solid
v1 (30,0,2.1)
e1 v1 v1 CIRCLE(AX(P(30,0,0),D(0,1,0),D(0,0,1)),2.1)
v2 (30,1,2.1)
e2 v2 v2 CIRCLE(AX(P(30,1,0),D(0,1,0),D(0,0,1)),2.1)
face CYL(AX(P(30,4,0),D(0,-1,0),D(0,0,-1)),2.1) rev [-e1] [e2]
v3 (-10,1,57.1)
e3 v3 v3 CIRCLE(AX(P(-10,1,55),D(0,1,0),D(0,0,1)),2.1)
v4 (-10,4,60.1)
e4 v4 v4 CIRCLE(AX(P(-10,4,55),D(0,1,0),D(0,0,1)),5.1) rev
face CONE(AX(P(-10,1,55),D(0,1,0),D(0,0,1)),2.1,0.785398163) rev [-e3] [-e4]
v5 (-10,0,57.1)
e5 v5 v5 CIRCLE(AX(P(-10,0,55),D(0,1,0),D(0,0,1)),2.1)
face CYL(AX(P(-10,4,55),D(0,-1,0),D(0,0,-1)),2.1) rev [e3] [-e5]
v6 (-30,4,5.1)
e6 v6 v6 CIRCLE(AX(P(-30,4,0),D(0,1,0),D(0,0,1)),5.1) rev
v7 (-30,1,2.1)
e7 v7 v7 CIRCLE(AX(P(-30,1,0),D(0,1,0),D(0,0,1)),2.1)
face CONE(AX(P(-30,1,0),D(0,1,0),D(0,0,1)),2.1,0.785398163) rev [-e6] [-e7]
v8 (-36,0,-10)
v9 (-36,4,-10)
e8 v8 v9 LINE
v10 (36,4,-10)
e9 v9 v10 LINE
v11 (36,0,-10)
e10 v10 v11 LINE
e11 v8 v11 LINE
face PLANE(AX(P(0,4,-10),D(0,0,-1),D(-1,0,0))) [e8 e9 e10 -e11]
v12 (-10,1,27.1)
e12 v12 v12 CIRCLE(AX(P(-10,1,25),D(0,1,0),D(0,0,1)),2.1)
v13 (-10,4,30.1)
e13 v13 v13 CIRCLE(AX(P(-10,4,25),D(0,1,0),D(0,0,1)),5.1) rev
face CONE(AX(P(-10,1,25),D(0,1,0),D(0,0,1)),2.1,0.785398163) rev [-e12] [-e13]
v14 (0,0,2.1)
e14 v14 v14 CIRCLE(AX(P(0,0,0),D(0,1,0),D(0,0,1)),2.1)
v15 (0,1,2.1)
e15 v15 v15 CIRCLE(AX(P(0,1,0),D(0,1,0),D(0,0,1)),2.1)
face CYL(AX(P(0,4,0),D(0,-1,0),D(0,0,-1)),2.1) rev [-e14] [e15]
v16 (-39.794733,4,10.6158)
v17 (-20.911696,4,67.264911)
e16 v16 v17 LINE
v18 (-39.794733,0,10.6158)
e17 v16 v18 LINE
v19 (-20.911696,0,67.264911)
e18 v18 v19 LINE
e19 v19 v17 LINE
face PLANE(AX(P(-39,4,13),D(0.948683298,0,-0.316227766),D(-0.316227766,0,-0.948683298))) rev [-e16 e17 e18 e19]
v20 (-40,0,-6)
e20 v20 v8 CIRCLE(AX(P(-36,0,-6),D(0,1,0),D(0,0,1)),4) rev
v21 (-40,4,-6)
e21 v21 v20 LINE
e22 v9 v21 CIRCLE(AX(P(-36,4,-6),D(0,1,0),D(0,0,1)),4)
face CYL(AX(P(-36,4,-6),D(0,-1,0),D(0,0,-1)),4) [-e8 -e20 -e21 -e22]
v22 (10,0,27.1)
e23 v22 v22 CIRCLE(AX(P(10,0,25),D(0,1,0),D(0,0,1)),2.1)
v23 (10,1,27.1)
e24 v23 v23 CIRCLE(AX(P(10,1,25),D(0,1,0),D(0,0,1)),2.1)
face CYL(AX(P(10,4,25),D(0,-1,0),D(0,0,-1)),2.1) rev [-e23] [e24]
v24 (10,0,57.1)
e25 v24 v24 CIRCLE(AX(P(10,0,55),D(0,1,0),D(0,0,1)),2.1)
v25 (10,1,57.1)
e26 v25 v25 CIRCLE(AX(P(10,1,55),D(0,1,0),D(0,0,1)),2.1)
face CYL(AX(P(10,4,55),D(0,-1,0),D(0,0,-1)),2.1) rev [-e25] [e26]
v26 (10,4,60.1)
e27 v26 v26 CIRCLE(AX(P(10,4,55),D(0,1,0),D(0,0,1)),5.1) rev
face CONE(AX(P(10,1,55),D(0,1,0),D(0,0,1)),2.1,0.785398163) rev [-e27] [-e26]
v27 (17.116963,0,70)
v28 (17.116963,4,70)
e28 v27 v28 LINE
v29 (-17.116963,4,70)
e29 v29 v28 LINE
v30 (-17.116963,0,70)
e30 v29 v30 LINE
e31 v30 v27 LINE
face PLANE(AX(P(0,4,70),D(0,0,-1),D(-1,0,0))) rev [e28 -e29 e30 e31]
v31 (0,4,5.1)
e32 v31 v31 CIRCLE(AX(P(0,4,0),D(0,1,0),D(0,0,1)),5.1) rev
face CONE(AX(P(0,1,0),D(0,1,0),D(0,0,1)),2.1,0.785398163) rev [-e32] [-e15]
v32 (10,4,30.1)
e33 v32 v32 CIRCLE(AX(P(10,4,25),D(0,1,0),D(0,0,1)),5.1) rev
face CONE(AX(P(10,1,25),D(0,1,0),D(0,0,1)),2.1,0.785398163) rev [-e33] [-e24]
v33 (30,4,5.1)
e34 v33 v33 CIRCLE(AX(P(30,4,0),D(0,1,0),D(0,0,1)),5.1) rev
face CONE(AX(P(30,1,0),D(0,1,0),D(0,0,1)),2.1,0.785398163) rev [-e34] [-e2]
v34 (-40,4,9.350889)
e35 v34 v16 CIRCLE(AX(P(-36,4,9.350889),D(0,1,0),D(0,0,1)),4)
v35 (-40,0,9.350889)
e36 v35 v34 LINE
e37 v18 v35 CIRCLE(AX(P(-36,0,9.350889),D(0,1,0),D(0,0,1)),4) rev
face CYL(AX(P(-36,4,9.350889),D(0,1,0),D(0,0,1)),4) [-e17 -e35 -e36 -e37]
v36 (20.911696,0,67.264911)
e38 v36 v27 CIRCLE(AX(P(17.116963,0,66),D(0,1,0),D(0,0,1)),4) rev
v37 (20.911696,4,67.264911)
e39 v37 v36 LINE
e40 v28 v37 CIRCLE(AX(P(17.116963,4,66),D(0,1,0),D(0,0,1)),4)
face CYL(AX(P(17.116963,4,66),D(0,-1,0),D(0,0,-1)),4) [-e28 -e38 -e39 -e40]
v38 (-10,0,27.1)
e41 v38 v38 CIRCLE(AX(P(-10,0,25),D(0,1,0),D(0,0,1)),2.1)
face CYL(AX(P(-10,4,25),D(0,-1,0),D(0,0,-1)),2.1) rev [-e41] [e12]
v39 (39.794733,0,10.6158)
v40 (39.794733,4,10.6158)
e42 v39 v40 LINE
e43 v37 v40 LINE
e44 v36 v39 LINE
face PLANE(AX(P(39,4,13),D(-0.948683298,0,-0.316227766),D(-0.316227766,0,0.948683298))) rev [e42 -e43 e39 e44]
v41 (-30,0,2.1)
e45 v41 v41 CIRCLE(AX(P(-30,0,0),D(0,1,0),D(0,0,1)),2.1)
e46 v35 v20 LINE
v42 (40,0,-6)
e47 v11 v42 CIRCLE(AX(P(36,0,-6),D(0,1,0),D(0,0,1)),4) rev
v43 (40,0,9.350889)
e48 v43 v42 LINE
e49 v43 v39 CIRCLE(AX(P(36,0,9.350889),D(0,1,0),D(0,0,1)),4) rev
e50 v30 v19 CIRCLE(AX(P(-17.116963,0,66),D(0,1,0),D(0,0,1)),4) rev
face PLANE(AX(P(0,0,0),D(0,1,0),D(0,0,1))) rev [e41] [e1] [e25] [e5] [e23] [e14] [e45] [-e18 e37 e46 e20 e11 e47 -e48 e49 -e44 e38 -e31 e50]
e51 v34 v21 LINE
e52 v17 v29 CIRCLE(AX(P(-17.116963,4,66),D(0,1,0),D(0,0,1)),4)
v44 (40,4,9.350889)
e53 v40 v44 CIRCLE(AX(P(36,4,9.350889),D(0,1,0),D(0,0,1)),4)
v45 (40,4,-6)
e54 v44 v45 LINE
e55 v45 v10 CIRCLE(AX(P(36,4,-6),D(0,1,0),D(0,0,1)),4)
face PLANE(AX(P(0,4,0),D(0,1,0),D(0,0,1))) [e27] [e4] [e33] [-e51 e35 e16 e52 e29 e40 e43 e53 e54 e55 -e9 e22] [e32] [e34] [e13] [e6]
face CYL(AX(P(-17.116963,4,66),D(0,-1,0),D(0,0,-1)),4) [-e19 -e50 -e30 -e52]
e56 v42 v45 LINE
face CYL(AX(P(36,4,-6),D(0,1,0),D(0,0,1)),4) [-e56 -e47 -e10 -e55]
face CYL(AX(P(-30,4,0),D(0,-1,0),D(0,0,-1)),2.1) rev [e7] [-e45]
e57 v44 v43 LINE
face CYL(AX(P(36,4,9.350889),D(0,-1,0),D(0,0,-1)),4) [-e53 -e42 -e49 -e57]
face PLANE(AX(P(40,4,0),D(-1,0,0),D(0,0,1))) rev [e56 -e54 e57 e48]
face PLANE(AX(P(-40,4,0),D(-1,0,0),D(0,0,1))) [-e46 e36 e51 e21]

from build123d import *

# Parameters (mm, degrees)
SKETCH1_W           = 40
SKETCH1_H           = 60
SKETCH1_R           = 2.1
SKETCH1_W_2         = 80
SKETCH1_H_2         = 20
BOSS_EXTRUDE1_DEPTH = 4
CHAMFER1_SIZE       = 3
FILLET1_R           = 4


with BuildPart() as part:
    # Sketch1 → Boss-Extrude1 (new body)
    with BuildSketch(Plane(origin=(0, 0, 0), x_dir=(1, 0, 0), z_dir=(0, 1, 0))):
        with Locations((0, -40)):
            Rectangle(SKETCH1_W, SKETCH1_H)
        with Locations((-10, -55)):
            Circle(SKETCH1_R, mode=Mode.SUBTRACT)
        with Locations((10, -55)):
            Circle(SKETCH1_R, mode=Mode.SUBTRACT)
        with Locations((-10, -25)):
            Circle(SKETCH1_R, mode=Mode.SUBTRACT)
        with Locations((10, -25)):
            Circle(SKETCH1_R, mode=Mode.SUBTRACT)
        Polygon((-20, -10), (-40, -10), (-20, -70), align=None)
        Polygon((40, -10), (20, -10), (20, -70), align=None)
        Rectangle(SKETCH1_W_2, SKETCH1_H_2)
        Circle(SKETCH1_R, mode=Mode.SUBTRACT)
        with Locations((30, 0)):
            Circle(SKETCH1_R, mode=Mode.SUBTRACT)
        with Locations((-30, 0)):
            Circle(SKETCH1_R, mode=Mode.SUBTRACT)
    extrude(amount=BOSS_EXTRUDE1_DEPTH)

    # Chamfer1
    chamfer1_edges = [part.edges().sort_by_distance(p)[0] for p in [
        (-12.1, 4, 55),
        (7.9, 4, 55),
        (7.9, 4, 25),
        (-12.1, 4, 25),
        (-2.1, 4, 0),
        (27.9, 4, 0),
        (-32.1, 4, 0),
    ]]
    chamfer(chamfer1_edges, length=CHAMFER1_SIZE)

    # Fillet1
    fillet1_edges = [part.edges().sort_by_distance(p)[0] for p in [
        (20, 2, 70),
        (-20, 2, 70),
        (-40, 2, 10),
        (-40, 2, -10),
        (40, 2, -10),
        (40, 2, 10),
    ]]
    fillet(fillet1_edges, radius=FILLET1_R)


solid = part.part
